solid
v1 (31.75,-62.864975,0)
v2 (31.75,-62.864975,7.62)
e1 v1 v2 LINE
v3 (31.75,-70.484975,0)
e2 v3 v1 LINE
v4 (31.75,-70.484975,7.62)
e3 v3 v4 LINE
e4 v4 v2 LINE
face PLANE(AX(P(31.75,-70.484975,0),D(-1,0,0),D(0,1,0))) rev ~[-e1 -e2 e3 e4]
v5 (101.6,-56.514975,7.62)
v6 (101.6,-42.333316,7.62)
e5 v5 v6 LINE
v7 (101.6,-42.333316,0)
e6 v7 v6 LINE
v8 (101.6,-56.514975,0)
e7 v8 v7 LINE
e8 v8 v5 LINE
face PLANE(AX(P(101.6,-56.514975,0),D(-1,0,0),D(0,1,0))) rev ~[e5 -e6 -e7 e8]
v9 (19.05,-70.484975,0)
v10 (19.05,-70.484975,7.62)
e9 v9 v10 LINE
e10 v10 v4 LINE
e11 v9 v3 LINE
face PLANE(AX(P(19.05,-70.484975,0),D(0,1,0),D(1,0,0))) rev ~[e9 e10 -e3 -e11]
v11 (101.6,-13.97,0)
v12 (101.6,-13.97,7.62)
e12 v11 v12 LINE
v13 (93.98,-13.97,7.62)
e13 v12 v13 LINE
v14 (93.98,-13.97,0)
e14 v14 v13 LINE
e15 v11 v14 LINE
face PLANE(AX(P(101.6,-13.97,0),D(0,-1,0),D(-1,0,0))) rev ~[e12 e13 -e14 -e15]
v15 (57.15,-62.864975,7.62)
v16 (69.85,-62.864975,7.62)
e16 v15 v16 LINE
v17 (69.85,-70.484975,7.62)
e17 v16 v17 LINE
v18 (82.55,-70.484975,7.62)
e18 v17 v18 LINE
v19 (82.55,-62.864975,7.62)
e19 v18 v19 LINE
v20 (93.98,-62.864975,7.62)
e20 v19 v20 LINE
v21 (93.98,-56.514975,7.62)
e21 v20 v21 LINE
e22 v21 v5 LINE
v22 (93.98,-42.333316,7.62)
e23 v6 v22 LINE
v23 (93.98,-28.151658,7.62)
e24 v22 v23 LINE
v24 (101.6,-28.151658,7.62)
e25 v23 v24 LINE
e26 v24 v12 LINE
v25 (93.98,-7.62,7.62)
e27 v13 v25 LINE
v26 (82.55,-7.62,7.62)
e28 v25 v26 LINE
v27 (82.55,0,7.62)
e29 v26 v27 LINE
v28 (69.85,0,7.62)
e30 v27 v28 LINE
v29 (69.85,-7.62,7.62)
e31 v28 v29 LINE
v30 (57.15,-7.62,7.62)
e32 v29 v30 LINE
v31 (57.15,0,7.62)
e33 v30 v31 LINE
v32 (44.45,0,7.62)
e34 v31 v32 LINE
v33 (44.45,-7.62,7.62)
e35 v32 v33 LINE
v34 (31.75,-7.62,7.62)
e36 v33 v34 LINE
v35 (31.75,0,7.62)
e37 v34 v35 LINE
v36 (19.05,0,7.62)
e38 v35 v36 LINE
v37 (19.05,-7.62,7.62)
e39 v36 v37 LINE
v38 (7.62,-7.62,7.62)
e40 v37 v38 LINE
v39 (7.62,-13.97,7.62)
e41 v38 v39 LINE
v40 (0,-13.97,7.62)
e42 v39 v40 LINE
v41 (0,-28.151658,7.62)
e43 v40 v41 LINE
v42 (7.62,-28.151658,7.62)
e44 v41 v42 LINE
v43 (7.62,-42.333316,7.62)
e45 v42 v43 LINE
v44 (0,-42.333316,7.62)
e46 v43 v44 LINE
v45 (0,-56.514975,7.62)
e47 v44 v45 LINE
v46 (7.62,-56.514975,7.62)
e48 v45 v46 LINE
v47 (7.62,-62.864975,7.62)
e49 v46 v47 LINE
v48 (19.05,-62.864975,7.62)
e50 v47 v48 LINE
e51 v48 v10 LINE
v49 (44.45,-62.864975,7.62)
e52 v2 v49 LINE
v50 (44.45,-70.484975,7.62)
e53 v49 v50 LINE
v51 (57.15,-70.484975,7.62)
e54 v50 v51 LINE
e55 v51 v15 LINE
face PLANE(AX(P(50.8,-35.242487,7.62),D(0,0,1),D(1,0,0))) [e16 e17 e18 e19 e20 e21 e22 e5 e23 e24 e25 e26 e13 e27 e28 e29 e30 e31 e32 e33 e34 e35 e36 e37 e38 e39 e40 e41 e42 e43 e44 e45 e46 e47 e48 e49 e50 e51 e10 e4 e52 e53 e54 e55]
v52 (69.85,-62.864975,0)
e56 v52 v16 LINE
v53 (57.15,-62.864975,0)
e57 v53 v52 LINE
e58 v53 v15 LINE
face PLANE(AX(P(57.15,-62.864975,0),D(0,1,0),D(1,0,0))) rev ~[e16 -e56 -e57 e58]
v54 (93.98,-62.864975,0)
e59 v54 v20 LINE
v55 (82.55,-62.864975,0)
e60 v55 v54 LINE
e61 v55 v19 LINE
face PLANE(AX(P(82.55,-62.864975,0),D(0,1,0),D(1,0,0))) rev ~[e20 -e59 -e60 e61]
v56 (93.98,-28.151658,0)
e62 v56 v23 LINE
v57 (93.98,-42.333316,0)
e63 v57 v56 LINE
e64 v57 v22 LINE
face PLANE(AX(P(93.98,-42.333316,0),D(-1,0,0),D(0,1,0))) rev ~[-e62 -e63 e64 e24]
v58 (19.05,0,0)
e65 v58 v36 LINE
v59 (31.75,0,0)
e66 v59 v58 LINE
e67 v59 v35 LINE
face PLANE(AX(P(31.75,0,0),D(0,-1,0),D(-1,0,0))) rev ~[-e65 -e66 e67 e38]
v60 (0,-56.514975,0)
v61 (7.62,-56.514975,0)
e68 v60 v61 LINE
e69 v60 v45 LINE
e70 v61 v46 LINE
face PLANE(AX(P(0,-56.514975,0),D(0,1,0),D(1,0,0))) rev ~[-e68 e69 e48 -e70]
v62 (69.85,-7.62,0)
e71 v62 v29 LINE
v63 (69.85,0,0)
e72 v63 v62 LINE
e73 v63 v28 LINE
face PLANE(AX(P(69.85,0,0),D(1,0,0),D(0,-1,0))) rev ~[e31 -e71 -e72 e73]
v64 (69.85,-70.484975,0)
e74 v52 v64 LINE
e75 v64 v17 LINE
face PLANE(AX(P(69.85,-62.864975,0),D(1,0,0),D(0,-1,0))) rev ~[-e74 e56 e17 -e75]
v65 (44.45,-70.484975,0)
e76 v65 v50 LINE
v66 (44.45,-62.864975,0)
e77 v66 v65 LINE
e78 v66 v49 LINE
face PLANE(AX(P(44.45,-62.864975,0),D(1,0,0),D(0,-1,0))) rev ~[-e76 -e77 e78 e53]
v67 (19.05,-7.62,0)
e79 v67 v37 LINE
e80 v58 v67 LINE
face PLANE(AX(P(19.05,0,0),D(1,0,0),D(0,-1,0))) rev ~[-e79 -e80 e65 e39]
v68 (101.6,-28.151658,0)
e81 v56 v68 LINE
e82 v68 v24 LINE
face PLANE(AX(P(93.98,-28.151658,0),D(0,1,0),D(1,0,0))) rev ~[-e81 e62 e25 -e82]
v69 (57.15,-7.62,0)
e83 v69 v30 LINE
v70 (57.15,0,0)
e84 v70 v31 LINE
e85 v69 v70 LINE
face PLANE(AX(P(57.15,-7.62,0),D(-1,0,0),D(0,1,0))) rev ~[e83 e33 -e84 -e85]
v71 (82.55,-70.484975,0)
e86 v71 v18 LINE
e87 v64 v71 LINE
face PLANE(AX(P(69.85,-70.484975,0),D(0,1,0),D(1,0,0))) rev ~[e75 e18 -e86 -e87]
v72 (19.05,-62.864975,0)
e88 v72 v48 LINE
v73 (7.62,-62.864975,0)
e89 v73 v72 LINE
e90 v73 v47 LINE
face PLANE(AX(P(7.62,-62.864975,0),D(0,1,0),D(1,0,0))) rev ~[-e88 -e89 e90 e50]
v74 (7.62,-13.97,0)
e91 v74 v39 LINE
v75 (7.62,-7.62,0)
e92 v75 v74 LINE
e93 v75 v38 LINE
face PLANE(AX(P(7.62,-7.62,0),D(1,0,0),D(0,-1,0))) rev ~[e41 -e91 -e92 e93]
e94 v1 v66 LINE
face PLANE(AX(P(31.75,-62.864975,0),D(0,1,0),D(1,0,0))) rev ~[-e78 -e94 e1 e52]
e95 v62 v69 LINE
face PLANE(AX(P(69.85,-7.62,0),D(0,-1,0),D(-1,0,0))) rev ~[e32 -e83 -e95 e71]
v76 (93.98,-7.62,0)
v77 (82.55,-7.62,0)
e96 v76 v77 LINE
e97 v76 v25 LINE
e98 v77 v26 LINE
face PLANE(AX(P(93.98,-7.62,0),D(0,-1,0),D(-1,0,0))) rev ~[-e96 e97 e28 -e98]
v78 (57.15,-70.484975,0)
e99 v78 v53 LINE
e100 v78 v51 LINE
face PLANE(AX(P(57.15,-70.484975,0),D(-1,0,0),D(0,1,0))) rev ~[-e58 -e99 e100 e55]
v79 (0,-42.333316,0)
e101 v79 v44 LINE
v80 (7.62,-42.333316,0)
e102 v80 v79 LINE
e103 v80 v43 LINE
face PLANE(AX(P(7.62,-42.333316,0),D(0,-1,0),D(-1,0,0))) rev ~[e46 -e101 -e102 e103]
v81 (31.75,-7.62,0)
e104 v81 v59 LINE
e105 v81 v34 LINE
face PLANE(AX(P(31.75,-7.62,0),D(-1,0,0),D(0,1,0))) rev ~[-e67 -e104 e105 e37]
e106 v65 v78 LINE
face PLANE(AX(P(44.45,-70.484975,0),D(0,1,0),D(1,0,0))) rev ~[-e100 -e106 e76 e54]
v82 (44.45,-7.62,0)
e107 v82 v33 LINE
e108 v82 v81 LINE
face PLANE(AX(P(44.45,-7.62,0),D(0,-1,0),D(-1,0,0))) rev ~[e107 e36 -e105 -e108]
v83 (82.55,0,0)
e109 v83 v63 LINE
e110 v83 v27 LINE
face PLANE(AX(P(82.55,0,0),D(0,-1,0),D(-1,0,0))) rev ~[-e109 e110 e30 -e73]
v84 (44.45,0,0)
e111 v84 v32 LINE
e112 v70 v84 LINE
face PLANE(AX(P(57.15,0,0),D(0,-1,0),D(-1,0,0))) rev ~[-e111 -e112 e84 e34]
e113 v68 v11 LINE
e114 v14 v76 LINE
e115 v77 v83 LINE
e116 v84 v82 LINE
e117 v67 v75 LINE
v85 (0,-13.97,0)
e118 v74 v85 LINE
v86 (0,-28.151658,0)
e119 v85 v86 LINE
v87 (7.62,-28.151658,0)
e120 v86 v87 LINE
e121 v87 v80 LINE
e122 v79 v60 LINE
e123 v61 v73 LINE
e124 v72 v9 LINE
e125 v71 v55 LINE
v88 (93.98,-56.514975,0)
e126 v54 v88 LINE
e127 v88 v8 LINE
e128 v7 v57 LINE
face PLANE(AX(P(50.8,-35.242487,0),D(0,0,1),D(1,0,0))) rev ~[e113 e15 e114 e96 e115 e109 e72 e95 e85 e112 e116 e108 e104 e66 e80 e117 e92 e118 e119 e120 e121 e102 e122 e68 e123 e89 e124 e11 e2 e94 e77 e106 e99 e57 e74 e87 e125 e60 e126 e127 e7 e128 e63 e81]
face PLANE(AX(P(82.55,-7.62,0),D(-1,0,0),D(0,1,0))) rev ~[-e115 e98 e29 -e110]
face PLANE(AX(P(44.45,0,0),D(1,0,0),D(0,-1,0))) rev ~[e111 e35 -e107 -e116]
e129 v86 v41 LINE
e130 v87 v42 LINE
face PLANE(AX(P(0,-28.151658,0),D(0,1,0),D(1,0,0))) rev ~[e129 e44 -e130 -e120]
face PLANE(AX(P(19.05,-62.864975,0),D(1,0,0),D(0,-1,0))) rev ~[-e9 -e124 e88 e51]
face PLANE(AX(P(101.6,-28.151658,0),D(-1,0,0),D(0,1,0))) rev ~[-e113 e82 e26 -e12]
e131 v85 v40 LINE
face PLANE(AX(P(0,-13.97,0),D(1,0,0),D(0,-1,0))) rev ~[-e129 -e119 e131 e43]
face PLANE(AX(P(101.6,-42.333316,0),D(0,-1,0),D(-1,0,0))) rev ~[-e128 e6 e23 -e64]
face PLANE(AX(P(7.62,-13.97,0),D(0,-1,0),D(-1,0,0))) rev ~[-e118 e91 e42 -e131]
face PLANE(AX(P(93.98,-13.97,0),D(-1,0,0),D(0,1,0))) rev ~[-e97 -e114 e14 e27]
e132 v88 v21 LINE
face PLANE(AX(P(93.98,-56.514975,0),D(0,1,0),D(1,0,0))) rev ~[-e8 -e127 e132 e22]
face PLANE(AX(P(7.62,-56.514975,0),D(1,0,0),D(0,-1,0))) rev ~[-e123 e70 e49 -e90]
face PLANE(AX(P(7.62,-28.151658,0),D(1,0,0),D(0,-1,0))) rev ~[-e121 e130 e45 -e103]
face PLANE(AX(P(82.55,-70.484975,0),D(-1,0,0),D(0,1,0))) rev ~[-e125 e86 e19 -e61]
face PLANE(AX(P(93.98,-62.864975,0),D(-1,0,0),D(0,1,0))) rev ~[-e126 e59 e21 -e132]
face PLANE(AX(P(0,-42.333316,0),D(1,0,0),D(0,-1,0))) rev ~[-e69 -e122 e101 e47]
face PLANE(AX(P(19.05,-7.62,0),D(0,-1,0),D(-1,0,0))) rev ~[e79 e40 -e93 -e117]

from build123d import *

# Parameters (mm, degrees)
F1_DEPTH = 7.62


with BuildPart() as f1:
    # F0 (on Top) → F1 (new body)
    with BuildSketch(Plane.XY):
        Polygon((31.75, 0), (19.05, 0), (19.05, -7.62), (7.62, -7.62), (7.62, -13.97), (0, -13.97), (0, -28.151658), (7.62, -28.151658), (7.62, -42.333316), (0, -42.333316), (0, -56.514975), (7.62, -56.514975), (7.62, -62.864975), (19.05, -62.864975), (19.05, -70.484975), (31.75, -70.484975), (31.75, -62.864975), (44.45, -62.864975), (44.45, -70.484975), (57.15, -70.484975), (57.15, -62.864975), (69.85, -62.864975), (69.85, -70.484975), (82.55, -70.484975), (82.55, -62.864975), (93.98, -62.864975), (93.98, -56.514975), (101.6, -56.514975), (101.6, -42.333316), (93.98, -42.333316), (93.98, -28.151658), (101.6, -28.151658), (101.6, -13.97), (93.98, -13.97), (93.98, -7.62), (82.55, -7.62), (82.55, 0), (69.85, 0), (69.85, -7.62), (57.15, -7.62), (57.15, 0), (44.45, 0), (44.45, -7.62), (31.75, -7.62), align=None)
    extrude(amount=F1_DEPTH)


solid = f1.part
